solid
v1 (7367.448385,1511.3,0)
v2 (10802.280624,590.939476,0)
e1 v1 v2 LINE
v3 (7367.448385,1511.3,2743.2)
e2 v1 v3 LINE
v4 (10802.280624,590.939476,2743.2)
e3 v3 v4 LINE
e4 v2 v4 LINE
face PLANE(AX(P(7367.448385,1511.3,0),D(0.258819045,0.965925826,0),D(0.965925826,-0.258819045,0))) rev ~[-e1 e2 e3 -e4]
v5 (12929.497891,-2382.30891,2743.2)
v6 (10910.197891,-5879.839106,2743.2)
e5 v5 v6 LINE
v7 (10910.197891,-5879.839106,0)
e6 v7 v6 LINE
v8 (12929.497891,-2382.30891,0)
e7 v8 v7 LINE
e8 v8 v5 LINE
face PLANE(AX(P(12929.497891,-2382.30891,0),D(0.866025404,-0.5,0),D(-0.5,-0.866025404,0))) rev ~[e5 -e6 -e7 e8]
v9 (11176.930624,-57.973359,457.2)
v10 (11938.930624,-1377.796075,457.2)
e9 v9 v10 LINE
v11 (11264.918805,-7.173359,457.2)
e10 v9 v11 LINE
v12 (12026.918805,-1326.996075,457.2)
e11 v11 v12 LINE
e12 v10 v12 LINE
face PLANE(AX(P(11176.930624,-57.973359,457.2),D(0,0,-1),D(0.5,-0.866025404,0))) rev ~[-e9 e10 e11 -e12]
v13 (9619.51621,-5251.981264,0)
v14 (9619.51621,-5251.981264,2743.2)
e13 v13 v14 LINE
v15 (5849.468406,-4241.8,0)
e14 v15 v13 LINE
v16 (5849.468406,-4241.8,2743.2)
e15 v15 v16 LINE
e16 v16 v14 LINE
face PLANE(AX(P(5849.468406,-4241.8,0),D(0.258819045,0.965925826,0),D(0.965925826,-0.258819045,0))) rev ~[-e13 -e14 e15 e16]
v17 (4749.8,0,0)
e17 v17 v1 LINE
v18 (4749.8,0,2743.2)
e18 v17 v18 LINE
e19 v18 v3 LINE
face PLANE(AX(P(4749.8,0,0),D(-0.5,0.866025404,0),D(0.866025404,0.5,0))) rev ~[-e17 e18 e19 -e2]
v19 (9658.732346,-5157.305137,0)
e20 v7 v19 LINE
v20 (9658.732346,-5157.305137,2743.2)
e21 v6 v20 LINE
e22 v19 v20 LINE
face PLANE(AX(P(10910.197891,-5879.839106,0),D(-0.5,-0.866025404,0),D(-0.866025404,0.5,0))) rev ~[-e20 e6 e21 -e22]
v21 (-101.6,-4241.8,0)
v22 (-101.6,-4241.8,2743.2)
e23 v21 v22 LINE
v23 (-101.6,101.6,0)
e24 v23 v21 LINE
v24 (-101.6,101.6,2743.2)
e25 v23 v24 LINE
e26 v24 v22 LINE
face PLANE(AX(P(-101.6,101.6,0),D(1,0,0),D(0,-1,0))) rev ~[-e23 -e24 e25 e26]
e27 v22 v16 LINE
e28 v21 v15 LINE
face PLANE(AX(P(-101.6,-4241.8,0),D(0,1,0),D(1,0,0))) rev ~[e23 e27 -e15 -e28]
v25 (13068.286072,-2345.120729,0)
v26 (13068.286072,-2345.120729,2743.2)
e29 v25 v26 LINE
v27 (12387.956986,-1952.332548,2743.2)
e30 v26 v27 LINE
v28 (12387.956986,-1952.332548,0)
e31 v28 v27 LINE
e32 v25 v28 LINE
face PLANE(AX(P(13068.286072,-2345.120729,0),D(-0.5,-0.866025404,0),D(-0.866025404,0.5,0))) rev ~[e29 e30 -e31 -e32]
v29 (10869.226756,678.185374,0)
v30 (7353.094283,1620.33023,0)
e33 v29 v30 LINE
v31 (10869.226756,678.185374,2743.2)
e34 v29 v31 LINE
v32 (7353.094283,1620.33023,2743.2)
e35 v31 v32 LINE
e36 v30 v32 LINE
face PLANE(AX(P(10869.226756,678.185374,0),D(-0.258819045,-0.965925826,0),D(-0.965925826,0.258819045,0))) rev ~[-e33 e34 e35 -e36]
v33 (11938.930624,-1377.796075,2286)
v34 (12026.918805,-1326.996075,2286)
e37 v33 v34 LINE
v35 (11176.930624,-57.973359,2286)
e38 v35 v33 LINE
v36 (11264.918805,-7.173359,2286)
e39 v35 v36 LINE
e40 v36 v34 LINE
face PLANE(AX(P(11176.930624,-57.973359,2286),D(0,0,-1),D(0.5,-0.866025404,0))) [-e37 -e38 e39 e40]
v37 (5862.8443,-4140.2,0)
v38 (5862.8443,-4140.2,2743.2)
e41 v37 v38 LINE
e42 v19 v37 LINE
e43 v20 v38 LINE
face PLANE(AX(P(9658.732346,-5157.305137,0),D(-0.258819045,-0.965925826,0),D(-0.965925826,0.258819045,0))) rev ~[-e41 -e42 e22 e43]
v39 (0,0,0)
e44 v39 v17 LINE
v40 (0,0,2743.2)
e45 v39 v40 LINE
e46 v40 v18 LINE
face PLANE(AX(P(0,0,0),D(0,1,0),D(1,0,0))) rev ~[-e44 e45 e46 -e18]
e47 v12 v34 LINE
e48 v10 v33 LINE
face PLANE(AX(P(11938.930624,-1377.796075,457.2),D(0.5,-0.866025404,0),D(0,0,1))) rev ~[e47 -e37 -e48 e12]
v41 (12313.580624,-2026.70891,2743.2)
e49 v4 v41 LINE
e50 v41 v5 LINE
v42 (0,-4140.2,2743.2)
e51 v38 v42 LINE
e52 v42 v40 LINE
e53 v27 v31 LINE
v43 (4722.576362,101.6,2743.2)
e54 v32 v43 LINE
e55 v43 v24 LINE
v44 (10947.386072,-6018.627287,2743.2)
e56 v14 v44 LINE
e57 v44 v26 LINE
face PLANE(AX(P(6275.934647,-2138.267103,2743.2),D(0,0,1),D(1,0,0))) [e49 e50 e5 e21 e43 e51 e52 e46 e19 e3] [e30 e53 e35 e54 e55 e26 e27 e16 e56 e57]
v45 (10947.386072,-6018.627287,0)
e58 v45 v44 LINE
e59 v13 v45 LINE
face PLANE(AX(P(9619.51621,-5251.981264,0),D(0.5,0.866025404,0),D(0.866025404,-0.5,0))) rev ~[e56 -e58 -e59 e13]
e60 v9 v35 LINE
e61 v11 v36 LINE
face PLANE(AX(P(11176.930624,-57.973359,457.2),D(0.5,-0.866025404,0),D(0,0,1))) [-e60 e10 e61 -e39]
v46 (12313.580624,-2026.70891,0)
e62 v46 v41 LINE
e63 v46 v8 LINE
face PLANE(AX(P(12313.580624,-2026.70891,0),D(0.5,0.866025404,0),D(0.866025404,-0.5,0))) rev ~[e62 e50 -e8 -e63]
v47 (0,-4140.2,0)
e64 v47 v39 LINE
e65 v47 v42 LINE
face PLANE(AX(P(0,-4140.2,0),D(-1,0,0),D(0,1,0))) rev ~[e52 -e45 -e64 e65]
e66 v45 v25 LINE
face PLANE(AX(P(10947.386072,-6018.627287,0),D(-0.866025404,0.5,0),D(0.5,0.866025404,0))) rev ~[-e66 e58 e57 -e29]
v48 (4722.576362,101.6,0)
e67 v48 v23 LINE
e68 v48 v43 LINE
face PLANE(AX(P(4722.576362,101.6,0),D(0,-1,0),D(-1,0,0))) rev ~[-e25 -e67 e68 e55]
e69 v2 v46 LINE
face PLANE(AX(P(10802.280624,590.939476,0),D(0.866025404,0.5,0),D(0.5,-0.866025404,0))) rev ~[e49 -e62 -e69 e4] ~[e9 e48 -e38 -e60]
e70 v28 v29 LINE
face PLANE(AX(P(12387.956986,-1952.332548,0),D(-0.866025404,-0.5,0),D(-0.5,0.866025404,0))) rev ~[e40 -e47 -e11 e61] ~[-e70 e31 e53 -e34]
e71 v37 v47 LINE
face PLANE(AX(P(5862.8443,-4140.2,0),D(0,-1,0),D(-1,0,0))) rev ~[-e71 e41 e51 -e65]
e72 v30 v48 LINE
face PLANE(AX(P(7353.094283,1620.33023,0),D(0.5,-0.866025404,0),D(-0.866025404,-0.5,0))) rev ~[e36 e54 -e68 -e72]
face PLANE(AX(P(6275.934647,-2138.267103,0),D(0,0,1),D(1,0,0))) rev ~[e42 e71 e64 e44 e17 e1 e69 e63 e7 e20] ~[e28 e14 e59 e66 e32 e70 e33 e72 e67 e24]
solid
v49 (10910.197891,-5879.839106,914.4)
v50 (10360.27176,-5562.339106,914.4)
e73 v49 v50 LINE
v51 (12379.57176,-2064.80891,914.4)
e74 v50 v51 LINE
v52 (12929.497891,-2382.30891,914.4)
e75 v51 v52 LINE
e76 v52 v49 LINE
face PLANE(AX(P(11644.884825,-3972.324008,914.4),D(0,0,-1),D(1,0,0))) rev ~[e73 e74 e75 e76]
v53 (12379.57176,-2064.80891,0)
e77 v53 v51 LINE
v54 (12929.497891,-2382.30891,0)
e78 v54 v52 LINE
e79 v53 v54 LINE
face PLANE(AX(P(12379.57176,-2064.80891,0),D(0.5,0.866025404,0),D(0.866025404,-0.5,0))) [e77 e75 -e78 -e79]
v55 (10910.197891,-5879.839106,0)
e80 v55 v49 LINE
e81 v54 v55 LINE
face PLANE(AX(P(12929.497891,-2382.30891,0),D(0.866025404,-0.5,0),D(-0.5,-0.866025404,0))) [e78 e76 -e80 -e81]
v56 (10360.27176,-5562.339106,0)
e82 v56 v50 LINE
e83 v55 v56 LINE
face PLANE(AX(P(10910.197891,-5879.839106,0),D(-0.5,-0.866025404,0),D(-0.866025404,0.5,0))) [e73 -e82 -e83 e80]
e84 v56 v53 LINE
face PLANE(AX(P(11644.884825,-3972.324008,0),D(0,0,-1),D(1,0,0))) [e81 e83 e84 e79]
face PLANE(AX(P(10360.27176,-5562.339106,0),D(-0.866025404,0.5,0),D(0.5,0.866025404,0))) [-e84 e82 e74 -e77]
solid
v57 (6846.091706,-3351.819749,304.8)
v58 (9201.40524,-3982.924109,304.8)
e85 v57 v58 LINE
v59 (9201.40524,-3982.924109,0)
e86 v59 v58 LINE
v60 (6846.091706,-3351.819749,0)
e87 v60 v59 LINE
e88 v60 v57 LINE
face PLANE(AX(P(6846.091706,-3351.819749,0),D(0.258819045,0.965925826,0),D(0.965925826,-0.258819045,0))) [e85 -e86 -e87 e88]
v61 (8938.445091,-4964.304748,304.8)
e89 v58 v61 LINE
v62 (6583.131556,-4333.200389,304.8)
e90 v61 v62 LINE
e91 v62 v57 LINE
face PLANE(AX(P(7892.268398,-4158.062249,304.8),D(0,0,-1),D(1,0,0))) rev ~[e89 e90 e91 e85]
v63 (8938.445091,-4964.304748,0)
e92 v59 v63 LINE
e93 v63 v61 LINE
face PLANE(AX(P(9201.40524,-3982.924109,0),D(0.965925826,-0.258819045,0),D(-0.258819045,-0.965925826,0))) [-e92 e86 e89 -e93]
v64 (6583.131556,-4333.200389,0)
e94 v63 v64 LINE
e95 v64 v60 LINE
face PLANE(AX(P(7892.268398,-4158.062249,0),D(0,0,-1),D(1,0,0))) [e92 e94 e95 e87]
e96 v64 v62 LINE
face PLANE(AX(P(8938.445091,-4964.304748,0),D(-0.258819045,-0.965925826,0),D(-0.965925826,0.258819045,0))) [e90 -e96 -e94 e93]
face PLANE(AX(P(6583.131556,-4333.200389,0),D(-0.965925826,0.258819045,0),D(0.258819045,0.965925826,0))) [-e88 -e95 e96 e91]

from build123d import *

# Parameters (mm, degrees)
F1_DEPTH = 2743.2
F3_DEPTH = 914.4
F4_W     = 1524
F4_H     = 1828.8
F5_DEPTH = 2477.1146604405
F7_DEPTH = 304.8


with BuildPart() as f1:
    # F0 (on Top) → F1 (new body)
    with BuildSketch(Plane.XY):
        Polygon((13068.2860719588, -2345.1207288389), (12387.9569858118, -1952.3325478144), (10869.2267558187, 678.1853735243), (7353.0942833877, 1620.3302299931), (4722.576362049, 101.6), (-101.6, 101.6), (-101.6, -4241.8), (5849.4684062853, -4241.8), (7544.9041272329, -4696.0906322468), (9619.5162102296, -5251.9812644936), (10947.3860719588, -6018.6272866117), align=None)
        Polygon((0, -4140.2), (0, 0), (4749.8, 0), (7367.4483854788, 1511.3), (10802.2806237628, 590.9394756154), (12313.5806237628, -2026.7089098634), (12929.4978909343, -2382.3089098634), (10910.1978909343, -5879.8391055872), (9658.7323464395, -5157.3051365917), (7571.2001422153, -4597.9525682958), (5862.8443000402, -4140.2), align=None, mode=Mode.SUBTRACT)
    extrude(amount=F1_DEPTH)

    # F4 (on face) → F5 (cut, through all)
    with BuildSketch(Plane(origin=(8357.5947668131, 4825.2595883973, 0), x_dir=(0.5, -0.8660254038, 0), z_dir=(-0.8660254038, -0.5, 0))):
        with Locations((6400.6717138994, 1371.6)):
            Rectangle(F4_W, F4_H)
    extrude(amount=-F5_DEPTH, mode=Mode.SUBTRACT)


with BuildPart() as f3:
    # F2 (on face) → F3 (new body)
    with BuildSketch(Plane(origin=(0, 0, 0), x_dir=(1, 0, 0), z_dir=(0, 0, -1))):
        Polygon((12379.5717595311, 2064.8089098634), (12929.4978909343, 2382.3089098634), (10910.1978909343, 5879.8391055872), (10360.2717595311, 5562.3391055872), align=None)
    extrude(amount=-F3_DEPTH)


with BuildPart() as f7:
    # F6 (on face) → F7 (new body)
    with BuildSketch(Plane(origin=(0, 0, 0), x_dir=(1, 0, 0), z_dir=(0, 0, -1))):
        Polygon((6583.1315558282, 4333.2003885068), (6846.0917056524, 3351.8197489971), (9201.4052404756, 3982.9241085751), (8938.4450906515, 4964.3047480848), align=None)
    extrude(amount=-F7_DEPTH)


solid = Compound([f1.part, f3.part, f7.part])
